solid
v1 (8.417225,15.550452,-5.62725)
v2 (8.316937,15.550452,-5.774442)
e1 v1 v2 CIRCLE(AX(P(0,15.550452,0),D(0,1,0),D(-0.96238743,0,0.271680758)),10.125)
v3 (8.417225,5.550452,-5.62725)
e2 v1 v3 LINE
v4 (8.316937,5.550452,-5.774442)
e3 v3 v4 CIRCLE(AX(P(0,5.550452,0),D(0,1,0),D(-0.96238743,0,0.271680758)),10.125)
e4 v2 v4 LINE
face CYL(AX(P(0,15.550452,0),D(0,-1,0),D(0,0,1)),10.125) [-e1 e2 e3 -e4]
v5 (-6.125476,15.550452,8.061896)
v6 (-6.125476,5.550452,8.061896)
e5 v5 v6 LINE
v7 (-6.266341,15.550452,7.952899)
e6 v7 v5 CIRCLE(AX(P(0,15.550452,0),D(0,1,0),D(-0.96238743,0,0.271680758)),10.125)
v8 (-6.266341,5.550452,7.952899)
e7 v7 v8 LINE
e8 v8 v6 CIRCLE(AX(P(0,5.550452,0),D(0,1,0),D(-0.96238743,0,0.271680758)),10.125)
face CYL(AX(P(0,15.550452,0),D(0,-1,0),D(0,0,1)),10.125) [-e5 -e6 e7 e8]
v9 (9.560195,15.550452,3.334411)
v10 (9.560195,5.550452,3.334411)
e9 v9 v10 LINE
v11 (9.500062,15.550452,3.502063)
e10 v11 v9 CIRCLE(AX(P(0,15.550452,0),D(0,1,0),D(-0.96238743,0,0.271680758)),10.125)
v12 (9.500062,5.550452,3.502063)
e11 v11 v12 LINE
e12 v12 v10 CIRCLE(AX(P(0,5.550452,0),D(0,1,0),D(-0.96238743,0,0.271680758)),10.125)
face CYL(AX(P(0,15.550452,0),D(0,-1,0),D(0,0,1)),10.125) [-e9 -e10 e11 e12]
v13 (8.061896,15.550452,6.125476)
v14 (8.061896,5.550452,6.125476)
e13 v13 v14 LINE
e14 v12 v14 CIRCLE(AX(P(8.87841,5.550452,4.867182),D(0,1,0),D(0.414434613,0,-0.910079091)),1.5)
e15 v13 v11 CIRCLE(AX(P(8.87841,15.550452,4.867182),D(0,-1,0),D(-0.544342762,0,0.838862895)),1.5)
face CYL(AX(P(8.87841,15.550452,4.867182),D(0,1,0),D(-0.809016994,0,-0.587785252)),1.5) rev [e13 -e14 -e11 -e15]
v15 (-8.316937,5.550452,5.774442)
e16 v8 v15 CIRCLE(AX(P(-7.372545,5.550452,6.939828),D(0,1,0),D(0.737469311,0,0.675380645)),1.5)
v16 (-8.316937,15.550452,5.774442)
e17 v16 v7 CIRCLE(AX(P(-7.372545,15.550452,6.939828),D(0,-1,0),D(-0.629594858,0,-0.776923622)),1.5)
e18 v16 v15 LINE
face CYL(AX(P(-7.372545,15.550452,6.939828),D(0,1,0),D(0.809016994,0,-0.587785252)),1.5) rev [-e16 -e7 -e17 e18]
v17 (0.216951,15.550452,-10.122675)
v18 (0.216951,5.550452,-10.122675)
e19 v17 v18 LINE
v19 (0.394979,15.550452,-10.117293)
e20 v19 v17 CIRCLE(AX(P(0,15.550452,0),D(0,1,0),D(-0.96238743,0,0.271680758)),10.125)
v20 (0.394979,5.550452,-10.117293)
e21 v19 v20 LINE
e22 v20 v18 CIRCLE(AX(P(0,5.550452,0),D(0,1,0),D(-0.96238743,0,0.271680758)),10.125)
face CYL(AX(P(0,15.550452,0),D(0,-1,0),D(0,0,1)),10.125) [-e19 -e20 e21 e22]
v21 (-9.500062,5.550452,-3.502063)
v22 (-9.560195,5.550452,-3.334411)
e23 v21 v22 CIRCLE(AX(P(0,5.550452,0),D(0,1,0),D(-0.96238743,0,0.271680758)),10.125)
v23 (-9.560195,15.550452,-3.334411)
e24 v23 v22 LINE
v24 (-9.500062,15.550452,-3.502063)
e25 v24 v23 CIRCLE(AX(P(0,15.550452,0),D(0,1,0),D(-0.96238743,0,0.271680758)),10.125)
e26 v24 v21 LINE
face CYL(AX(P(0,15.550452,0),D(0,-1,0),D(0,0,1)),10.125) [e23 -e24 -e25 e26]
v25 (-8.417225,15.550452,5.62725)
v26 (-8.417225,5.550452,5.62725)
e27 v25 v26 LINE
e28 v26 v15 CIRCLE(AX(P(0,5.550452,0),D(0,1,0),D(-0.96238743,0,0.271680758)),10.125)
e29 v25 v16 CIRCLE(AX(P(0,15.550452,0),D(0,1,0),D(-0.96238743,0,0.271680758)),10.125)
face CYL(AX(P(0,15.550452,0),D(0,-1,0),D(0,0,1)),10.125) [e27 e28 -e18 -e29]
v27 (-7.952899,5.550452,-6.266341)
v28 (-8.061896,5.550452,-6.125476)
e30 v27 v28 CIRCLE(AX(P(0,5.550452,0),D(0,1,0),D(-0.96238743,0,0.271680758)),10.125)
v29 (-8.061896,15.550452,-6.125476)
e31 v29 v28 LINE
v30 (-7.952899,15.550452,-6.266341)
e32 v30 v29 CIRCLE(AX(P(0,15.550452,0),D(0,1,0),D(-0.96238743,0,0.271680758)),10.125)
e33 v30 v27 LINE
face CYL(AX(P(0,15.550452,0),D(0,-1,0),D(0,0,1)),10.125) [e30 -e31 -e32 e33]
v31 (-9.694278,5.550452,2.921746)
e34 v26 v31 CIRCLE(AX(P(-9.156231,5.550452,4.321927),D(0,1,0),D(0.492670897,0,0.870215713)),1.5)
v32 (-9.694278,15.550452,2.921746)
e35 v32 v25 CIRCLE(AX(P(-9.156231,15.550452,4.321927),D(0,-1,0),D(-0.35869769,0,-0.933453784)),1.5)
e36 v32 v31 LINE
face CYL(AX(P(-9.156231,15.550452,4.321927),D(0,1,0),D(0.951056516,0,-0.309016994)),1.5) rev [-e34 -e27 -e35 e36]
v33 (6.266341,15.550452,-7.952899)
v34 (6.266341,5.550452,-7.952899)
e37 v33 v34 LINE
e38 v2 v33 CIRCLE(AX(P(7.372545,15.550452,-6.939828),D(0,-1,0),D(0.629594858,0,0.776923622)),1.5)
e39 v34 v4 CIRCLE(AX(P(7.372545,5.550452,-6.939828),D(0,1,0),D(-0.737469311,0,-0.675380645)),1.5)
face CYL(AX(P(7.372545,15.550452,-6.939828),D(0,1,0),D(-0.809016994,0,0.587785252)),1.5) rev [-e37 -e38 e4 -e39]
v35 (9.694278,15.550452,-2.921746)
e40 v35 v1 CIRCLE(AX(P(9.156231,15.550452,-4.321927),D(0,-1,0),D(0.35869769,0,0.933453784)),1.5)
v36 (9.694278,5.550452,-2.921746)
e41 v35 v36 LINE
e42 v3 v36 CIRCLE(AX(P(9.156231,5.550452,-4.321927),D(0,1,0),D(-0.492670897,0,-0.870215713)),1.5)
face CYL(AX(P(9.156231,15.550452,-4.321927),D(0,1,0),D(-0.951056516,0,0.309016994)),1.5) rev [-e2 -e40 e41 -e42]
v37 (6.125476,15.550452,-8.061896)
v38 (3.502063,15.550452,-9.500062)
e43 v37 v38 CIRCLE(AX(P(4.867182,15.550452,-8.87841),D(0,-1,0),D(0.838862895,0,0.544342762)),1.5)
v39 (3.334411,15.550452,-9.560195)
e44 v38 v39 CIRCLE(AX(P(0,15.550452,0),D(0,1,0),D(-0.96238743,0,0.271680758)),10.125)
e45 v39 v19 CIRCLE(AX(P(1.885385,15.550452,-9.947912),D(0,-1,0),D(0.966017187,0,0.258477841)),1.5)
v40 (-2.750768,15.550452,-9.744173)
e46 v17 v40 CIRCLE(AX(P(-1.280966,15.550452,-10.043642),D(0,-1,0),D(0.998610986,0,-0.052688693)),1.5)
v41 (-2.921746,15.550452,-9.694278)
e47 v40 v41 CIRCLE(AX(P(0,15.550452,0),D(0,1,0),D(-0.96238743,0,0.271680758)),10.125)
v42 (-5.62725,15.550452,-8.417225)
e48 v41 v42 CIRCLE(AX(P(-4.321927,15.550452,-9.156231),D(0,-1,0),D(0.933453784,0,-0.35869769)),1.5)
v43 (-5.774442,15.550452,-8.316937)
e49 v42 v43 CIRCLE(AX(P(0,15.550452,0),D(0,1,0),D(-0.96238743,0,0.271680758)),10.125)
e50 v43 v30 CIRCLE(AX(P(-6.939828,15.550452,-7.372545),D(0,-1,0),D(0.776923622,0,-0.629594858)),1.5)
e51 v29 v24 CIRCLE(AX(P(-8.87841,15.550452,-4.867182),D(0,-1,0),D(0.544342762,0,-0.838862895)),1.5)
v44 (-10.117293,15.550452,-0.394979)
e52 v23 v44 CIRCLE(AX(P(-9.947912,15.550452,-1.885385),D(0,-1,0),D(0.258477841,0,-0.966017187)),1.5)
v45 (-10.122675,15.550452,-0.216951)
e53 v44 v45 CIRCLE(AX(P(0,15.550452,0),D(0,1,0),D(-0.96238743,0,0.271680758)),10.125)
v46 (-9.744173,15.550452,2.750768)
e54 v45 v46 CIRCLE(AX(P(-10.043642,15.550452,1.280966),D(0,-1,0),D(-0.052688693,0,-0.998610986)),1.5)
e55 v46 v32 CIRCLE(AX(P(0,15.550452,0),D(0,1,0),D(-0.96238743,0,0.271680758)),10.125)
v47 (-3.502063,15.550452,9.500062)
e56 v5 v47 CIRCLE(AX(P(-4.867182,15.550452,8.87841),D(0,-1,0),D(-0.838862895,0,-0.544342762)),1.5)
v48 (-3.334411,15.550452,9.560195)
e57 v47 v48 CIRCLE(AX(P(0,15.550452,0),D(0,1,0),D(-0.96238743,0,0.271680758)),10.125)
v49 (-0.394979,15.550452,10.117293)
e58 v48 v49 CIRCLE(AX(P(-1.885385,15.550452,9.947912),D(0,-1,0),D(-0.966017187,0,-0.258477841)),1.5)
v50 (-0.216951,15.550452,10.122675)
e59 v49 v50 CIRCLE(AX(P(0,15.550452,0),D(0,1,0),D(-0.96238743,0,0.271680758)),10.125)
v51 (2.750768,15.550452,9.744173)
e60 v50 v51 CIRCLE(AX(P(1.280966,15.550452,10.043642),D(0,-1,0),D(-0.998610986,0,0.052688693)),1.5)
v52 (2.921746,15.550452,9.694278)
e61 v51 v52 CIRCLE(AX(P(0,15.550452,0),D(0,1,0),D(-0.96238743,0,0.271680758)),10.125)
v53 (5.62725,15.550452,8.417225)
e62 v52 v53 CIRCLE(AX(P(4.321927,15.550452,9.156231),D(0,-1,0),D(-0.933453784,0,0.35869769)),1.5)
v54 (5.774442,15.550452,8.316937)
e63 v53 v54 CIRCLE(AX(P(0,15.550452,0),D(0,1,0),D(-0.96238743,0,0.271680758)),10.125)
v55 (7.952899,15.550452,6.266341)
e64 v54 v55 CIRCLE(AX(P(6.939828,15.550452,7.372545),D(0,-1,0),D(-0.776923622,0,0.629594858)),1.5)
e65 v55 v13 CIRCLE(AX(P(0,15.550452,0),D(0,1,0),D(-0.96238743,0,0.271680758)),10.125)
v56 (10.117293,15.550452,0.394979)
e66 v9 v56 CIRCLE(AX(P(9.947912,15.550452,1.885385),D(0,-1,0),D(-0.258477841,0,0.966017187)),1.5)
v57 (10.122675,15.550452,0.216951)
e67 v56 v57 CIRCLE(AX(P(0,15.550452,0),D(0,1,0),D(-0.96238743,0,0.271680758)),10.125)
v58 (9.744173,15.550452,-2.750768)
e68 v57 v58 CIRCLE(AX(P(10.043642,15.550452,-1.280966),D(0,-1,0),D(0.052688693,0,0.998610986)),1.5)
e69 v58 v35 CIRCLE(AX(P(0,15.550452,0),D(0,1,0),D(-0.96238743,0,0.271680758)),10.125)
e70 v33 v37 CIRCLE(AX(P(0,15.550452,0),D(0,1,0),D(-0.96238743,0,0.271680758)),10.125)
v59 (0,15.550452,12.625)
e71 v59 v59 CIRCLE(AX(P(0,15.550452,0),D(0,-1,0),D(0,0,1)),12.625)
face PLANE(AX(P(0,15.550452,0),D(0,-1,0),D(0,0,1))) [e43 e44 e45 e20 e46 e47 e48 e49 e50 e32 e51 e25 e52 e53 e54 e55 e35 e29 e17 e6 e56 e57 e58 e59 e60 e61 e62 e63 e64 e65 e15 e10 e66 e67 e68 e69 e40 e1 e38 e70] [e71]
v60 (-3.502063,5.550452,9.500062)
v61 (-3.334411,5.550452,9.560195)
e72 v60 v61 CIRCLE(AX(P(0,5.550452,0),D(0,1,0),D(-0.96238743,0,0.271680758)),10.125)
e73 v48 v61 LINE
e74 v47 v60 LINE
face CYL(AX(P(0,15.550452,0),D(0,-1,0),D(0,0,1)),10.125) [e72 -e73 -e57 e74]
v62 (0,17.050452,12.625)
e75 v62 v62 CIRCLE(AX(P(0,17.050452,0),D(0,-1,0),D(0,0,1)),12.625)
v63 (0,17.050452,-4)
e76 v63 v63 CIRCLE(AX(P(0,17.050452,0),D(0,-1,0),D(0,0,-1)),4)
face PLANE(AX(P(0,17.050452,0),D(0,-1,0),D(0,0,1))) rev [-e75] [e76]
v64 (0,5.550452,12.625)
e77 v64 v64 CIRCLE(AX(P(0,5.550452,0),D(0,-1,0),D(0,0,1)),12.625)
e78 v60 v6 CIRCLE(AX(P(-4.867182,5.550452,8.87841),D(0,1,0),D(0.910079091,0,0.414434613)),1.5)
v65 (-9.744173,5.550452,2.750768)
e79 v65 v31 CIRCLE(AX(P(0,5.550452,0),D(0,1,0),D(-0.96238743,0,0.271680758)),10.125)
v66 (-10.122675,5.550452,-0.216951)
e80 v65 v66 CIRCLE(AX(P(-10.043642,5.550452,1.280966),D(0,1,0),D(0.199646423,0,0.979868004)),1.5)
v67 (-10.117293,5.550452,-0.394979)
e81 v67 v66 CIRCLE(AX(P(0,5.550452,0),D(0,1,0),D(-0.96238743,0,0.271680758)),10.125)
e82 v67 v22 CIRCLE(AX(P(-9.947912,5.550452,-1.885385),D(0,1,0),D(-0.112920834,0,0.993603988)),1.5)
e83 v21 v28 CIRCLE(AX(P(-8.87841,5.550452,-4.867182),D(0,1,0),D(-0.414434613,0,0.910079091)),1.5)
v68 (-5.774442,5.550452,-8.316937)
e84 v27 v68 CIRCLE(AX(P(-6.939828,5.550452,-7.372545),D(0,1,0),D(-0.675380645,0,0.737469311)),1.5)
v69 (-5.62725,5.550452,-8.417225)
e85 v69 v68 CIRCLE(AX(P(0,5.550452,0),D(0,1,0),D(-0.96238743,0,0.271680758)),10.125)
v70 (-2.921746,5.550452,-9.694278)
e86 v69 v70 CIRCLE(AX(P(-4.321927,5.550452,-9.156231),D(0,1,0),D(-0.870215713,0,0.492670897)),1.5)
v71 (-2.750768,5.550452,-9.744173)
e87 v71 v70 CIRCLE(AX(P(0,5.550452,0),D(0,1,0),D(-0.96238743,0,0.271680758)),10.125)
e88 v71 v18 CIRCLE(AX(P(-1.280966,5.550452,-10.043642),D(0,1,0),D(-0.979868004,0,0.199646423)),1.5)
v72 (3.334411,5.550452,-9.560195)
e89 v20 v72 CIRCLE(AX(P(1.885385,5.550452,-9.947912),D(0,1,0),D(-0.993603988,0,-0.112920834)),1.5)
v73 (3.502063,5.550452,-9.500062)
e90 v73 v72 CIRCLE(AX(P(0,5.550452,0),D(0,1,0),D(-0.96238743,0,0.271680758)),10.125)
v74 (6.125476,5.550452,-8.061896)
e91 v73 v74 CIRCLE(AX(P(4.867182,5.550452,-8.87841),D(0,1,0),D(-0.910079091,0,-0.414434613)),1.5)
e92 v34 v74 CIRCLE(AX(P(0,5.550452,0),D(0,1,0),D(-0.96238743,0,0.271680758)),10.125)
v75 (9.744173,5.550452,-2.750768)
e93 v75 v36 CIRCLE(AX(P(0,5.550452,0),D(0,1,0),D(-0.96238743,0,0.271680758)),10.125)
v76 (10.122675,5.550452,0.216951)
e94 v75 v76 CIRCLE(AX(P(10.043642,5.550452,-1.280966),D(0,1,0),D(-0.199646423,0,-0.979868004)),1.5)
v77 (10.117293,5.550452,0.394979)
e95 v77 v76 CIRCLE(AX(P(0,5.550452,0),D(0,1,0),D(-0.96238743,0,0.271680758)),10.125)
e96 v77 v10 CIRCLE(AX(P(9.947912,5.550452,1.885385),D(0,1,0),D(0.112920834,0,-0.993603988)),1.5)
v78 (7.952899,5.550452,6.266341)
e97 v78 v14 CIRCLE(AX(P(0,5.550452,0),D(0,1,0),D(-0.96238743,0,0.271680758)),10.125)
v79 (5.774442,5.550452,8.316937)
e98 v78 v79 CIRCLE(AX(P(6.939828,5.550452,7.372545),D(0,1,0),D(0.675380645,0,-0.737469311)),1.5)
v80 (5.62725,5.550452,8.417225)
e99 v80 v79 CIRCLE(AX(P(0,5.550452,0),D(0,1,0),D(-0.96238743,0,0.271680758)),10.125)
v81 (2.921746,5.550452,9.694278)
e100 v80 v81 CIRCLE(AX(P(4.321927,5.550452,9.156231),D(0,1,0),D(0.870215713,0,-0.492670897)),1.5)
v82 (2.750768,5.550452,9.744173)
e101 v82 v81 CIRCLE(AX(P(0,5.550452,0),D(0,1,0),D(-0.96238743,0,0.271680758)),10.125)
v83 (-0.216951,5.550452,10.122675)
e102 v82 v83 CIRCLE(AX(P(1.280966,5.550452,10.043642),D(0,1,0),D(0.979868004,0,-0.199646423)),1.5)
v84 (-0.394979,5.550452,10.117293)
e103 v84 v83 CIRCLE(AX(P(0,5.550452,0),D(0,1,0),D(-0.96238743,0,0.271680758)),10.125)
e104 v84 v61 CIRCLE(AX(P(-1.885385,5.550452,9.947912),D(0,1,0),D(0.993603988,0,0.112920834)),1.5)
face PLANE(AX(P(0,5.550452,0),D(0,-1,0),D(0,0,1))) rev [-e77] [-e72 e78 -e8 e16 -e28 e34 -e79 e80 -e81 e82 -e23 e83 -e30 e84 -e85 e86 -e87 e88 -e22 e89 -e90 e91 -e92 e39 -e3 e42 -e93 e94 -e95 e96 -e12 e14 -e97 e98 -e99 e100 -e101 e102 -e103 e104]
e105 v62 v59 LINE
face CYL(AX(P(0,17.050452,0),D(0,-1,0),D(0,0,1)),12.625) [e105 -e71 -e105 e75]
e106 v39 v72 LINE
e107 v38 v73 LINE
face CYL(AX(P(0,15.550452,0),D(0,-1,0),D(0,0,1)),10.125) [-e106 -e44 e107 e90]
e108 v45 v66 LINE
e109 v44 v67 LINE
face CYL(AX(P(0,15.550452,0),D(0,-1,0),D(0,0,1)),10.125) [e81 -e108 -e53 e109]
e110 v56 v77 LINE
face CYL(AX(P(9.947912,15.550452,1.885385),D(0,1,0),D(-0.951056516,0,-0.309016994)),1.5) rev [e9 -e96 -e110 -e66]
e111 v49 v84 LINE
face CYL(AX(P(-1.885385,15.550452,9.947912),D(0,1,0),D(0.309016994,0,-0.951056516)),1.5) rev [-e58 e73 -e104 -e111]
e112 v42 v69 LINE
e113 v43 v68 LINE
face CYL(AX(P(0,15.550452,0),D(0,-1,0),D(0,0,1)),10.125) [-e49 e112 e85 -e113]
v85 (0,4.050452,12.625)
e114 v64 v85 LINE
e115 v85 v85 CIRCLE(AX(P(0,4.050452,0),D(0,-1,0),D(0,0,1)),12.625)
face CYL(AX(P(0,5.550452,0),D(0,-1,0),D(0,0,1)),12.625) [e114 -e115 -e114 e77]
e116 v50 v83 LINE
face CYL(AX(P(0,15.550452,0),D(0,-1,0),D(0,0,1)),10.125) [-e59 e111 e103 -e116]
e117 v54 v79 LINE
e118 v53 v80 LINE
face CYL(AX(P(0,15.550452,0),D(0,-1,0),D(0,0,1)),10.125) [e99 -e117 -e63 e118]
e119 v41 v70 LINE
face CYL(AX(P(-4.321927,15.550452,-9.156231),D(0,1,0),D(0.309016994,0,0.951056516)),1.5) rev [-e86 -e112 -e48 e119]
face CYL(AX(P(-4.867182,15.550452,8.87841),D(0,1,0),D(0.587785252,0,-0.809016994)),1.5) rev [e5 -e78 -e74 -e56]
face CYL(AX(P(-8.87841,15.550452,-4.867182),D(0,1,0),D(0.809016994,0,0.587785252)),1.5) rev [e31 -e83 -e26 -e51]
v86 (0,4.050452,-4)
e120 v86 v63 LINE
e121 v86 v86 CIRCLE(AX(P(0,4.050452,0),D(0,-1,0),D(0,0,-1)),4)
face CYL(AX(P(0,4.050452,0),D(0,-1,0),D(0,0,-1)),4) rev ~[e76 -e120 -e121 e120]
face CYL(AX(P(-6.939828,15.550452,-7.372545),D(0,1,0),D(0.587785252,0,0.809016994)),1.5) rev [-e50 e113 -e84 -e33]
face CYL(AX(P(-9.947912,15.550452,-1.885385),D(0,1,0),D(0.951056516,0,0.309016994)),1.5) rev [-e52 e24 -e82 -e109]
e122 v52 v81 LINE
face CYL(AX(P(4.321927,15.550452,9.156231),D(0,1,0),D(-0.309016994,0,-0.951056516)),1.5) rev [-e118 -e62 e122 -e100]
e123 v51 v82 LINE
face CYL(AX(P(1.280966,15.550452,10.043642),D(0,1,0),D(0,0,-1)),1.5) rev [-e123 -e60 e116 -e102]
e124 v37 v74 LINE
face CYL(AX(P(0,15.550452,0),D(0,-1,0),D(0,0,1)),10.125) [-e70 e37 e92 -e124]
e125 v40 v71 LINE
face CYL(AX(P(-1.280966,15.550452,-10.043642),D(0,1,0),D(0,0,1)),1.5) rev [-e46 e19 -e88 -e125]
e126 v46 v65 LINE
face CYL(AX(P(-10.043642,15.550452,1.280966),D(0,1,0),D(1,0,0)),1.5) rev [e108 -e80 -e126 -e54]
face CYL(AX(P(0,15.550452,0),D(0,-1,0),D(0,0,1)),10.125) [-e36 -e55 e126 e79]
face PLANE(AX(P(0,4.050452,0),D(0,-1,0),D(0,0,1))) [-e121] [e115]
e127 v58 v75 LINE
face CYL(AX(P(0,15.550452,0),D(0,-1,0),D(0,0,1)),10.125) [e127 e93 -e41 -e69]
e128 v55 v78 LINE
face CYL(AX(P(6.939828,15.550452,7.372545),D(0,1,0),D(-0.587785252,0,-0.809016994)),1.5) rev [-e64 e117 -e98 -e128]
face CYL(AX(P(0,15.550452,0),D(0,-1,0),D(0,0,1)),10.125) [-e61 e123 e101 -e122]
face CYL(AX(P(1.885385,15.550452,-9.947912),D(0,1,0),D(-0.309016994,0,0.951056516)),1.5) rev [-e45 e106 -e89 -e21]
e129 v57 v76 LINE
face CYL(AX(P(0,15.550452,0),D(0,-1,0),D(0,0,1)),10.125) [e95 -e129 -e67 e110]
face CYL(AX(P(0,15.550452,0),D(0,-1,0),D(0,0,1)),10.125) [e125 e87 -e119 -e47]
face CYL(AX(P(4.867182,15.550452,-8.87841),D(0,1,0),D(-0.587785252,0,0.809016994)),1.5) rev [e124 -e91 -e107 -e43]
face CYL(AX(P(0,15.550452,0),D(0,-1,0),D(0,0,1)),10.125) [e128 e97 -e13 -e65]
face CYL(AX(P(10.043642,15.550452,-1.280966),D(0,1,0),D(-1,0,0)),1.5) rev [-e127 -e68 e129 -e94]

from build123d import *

# Parameters (mm, degrees)
SKETCH_2_R               = 1.5
CUT_EXTRUDE_3_DEPTH      = 10
PATTERN_CIRCULAR_2_COUNT = 20
SKETCH_3_R               = 4
CUT_EXTRUDE_4_DEPTH      = 23.085770306


with BuildPart() as part:
    # 草图1 → 旋转1 (revolve)
    with BuildSketch(Plane(origin=(0, 0, 0), x_dir=(0, 0, -1), z_dir=(1, 0, 0))):
        Polygon((0, 4.050451807), (0, 17.050451807), (-12.625, 17.050451807), (-12.625, 15.550451807), (-10.125, 15.550451807), (-10.125, 5.550451807), (-12.625, 5.550451807), (-12.625, 4.050451807), align=None)
    revolve(axis=Axis((0, 33.241716867, 0), (0, -1, 0)))

    # 草图2 → 切除-拉伸3 (cut)
    with BuildSketch(Plane.XZ.offset(-15.550451807)):
        with Locations((-10.043642365, 1.280965666)):
            Circle(SKETCH_2_R)
    cut_extrude_3 = extrude(amount=CUT_EXTRUDE_3_DEPTH, mode=Mode.SUBTRACT)

    # 阵列(圆周)2: 切除-拉伸3 ×20 about axis
    pattern_circular_2_axis = Axis((0, 0, 0), (0, 1, 0))
    for i in range(1, PATTERN_CIRCULAR_2_COUNT):
        add(cut_extrude_3.rotate(pattern_circular_2_axis, i * 360 / PATTERN_CIRCULAR_2_COUNT), mode=Mode.SUBTRACT)

    # 草图3 → 切除-拉伸4 (cut, through all)
    with BuildSketch(Plane.XZ.offset(-4.050451807)):
        with Locations(Location((0, 0, 0), (0, 0, 270))):
            Circle(SKETCH_3_R)
    extrude(amount=-CUT_EXTRUDE_4_DEPTH, mode=Mode.SUBTRACT)


solid = part.part
